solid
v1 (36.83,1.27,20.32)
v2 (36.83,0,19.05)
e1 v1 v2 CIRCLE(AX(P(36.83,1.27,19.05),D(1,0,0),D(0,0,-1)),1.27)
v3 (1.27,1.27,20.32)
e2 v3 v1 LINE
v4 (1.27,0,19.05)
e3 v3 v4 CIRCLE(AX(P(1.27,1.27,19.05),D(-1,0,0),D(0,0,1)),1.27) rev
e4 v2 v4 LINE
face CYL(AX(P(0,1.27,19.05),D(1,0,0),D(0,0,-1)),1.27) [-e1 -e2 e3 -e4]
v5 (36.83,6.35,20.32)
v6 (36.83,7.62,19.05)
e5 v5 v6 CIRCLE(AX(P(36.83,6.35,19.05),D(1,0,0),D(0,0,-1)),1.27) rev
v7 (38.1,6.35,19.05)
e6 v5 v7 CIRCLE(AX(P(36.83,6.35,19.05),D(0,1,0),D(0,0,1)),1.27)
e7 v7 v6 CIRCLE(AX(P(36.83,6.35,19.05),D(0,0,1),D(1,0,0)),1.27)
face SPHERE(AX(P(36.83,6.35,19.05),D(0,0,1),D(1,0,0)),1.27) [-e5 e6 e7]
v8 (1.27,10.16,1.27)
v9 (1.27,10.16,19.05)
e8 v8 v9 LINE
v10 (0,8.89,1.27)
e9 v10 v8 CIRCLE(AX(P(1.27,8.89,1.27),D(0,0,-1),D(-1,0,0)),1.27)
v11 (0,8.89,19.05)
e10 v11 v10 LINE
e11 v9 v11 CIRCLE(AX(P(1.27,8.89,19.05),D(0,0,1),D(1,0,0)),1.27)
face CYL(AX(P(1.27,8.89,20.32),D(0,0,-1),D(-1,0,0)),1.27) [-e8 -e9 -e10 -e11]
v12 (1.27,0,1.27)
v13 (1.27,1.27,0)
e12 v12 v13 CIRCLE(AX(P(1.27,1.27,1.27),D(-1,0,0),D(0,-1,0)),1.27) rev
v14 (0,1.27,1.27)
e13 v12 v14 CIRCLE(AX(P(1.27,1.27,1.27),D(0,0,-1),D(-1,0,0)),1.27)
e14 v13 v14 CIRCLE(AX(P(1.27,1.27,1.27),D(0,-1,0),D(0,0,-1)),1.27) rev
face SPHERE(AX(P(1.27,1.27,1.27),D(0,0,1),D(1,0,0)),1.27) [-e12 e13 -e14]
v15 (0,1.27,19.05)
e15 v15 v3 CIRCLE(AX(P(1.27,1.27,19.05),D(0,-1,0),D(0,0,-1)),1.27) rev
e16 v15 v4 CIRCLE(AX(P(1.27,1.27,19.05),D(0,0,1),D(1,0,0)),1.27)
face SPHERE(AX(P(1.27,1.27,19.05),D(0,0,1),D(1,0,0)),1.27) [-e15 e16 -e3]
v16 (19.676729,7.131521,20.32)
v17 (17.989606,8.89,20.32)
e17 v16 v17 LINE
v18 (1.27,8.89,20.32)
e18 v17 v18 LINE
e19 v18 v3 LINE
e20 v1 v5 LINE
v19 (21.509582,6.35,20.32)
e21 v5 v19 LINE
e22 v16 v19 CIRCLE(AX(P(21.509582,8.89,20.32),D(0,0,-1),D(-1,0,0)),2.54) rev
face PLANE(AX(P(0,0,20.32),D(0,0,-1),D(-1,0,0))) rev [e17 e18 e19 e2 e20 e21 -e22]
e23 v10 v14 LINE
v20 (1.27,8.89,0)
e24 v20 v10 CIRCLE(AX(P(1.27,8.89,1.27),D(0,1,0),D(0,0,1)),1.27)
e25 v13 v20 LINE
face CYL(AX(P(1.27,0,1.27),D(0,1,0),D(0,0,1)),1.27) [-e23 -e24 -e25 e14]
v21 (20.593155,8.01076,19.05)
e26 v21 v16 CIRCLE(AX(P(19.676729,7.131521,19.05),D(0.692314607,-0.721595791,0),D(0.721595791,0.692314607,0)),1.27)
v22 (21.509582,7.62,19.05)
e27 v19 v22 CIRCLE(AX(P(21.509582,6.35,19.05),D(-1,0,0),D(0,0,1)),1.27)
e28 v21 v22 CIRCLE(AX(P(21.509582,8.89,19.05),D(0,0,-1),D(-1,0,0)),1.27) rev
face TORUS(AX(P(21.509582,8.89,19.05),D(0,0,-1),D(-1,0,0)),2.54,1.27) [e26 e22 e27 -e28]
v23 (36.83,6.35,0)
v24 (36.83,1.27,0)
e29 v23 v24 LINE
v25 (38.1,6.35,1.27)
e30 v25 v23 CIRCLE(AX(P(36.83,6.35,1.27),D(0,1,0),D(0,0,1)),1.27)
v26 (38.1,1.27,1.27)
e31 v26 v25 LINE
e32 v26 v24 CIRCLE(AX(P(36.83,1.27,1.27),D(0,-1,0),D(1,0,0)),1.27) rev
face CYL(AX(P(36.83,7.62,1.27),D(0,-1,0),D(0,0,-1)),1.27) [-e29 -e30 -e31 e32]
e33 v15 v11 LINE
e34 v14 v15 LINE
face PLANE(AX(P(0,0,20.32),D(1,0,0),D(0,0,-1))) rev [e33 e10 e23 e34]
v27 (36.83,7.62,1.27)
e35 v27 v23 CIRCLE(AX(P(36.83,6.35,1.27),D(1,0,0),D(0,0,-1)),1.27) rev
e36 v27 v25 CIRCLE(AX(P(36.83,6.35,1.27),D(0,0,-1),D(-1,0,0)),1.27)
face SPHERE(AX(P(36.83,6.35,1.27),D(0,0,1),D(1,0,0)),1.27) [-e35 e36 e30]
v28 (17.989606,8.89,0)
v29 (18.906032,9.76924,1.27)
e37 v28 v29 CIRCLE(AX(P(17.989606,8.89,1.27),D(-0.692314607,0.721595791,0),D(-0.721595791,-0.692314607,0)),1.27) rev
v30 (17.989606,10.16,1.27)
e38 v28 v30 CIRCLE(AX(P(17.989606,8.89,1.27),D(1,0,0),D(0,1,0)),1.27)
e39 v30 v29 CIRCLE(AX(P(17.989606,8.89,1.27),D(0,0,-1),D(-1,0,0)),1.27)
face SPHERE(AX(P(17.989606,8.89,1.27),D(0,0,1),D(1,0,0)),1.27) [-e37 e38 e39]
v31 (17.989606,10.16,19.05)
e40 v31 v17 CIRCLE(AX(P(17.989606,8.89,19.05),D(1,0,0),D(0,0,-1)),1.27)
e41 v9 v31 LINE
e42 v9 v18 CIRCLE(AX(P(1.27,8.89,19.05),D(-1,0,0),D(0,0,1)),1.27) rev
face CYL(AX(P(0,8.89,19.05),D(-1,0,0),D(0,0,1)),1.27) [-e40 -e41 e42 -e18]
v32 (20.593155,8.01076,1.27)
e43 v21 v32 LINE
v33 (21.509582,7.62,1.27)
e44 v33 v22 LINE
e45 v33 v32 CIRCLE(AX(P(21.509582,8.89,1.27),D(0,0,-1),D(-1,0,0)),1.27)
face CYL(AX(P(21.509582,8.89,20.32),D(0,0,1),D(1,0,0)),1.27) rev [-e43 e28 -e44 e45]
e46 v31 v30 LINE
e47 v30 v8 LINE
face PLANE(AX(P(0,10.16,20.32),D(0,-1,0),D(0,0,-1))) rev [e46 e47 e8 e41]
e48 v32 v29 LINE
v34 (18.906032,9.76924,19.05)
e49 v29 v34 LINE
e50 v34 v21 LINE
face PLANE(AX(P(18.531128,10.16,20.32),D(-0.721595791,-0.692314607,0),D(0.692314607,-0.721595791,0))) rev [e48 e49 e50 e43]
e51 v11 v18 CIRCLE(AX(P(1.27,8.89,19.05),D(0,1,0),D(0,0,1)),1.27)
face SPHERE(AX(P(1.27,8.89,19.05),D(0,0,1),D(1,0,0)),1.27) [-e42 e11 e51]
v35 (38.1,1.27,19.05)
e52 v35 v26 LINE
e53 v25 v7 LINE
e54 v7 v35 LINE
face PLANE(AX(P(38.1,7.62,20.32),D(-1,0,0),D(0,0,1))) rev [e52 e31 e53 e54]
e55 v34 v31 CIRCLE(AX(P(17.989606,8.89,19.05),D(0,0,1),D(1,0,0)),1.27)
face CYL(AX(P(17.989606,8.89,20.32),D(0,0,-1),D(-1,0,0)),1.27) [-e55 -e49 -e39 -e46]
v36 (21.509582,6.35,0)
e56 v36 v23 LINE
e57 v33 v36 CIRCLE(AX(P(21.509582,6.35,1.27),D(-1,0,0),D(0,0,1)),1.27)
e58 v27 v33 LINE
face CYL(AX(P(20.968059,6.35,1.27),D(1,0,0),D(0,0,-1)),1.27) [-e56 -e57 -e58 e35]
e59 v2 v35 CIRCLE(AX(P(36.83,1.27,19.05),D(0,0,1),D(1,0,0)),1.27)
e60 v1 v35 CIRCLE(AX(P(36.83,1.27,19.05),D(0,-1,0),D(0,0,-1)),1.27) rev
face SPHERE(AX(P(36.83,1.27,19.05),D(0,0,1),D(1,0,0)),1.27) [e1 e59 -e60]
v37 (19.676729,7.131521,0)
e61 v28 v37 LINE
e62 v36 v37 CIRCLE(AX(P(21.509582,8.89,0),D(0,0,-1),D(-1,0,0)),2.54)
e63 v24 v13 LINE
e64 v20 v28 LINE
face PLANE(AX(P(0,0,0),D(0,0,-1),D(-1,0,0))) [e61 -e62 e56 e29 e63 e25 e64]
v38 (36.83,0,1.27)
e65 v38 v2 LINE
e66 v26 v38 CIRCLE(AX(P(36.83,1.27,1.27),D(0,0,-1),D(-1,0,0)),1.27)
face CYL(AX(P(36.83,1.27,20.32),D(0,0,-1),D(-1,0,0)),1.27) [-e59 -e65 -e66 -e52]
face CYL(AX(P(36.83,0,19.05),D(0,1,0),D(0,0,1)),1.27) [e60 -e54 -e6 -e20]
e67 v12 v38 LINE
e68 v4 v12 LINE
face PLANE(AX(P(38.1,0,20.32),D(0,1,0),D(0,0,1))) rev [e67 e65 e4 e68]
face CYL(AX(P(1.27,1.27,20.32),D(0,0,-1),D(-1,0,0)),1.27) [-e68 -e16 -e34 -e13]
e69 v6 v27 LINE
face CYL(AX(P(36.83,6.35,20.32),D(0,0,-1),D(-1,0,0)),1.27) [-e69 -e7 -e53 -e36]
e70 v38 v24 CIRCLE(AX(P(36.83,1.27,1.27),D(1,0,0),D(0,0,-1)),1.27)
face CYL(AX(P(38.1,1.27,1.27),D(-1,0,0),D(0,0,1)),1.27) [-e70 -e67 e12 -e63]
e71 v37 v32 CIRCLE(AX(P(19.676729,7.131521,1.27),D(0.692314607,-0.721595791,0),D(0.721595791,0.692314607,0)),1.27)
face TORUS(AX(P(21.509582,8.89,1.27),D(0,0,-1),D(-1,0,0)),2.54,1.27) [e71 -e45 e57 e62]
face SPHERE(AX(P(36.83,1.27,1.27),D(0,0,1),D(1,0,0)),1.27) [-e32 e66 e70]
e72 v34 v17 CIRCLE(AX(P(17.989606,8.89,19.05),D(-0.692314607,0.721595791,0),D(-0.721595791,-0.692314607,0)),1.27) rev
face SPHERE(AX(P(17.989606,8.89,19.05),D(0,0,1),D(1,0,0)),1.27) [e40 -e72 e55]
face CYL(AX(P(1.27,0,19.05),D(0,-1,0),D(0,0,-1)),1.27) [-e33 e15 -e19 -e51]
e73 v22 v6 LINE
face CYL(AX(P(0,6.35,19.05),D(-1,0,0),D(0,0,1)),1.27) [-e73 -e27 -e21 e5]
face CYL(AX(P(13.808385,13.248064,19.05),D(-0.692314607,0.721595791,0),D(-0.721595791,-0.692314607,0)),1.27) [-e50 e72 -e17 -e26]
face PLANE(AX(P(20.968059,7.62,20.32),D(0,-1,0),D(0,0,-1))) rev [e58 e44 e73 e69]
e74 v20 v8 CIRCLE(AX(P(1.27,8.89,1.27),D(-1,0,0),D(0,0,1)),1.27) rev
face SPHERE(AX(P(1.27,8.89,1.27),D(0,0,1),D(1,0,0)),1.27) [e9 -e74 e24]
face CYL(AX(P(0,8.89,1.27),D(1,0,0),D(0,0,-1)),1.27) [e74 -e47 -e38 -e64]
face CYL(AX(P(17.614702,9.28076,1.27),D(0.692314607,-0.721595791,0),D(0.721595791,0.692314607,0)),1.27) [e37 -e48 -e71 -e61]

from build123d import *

# Parameters (mm, degrees)
BOSS_EXTRUDE1_DEPTH = 20.32
FILLET1_R           = 1.27


with BuildPart() as part:
    # Sketch1 → Boss-Extrude1 (new body)
    with BuildSketch(Plane.XY):
        Polygon((0, 0), (0, 10.16), (18.531128405, 10.16), (20.968059336, 7.62), (38.1, 7.62), (38.1, 0), align=None)
    extrude(amount=BOSS_EXTRUDE1_DEPTH)

    # Fillet1
    fillet1_edges = [part.edges().sort_by_distance(p)[0] for p in [
        (29.534029668, 7.62, 20.32),
        (0, 0, 10.16),
        (0, 10.16, 10.16),
        (18.531128405, 10.16, 10.16),
        (20.968059336, 7.62, 10.16),
        (38.1, 7.62, 10.16),
        (38.1, 0, 10.16),
        (19.74959387, 8.89, 20.32),
        (9.265564202, 10.16, 20.32),
        (0, 5.08, 20.32),
        (19.05, 0, 20.32),
        (0, 5.08, 0),
        (9.265564202, 10.16, 0),
        (19.74959387, 8.89, 0),
        (38.1, 3.81, 20.32),
        (29.534029668, 7.62, 0),
        (38.1, 3.81, 0),
        (19.05, 0, 0),
    ]]
    fillet(fillet1_edges, radius=FILLET1_R)


solid = part.part
